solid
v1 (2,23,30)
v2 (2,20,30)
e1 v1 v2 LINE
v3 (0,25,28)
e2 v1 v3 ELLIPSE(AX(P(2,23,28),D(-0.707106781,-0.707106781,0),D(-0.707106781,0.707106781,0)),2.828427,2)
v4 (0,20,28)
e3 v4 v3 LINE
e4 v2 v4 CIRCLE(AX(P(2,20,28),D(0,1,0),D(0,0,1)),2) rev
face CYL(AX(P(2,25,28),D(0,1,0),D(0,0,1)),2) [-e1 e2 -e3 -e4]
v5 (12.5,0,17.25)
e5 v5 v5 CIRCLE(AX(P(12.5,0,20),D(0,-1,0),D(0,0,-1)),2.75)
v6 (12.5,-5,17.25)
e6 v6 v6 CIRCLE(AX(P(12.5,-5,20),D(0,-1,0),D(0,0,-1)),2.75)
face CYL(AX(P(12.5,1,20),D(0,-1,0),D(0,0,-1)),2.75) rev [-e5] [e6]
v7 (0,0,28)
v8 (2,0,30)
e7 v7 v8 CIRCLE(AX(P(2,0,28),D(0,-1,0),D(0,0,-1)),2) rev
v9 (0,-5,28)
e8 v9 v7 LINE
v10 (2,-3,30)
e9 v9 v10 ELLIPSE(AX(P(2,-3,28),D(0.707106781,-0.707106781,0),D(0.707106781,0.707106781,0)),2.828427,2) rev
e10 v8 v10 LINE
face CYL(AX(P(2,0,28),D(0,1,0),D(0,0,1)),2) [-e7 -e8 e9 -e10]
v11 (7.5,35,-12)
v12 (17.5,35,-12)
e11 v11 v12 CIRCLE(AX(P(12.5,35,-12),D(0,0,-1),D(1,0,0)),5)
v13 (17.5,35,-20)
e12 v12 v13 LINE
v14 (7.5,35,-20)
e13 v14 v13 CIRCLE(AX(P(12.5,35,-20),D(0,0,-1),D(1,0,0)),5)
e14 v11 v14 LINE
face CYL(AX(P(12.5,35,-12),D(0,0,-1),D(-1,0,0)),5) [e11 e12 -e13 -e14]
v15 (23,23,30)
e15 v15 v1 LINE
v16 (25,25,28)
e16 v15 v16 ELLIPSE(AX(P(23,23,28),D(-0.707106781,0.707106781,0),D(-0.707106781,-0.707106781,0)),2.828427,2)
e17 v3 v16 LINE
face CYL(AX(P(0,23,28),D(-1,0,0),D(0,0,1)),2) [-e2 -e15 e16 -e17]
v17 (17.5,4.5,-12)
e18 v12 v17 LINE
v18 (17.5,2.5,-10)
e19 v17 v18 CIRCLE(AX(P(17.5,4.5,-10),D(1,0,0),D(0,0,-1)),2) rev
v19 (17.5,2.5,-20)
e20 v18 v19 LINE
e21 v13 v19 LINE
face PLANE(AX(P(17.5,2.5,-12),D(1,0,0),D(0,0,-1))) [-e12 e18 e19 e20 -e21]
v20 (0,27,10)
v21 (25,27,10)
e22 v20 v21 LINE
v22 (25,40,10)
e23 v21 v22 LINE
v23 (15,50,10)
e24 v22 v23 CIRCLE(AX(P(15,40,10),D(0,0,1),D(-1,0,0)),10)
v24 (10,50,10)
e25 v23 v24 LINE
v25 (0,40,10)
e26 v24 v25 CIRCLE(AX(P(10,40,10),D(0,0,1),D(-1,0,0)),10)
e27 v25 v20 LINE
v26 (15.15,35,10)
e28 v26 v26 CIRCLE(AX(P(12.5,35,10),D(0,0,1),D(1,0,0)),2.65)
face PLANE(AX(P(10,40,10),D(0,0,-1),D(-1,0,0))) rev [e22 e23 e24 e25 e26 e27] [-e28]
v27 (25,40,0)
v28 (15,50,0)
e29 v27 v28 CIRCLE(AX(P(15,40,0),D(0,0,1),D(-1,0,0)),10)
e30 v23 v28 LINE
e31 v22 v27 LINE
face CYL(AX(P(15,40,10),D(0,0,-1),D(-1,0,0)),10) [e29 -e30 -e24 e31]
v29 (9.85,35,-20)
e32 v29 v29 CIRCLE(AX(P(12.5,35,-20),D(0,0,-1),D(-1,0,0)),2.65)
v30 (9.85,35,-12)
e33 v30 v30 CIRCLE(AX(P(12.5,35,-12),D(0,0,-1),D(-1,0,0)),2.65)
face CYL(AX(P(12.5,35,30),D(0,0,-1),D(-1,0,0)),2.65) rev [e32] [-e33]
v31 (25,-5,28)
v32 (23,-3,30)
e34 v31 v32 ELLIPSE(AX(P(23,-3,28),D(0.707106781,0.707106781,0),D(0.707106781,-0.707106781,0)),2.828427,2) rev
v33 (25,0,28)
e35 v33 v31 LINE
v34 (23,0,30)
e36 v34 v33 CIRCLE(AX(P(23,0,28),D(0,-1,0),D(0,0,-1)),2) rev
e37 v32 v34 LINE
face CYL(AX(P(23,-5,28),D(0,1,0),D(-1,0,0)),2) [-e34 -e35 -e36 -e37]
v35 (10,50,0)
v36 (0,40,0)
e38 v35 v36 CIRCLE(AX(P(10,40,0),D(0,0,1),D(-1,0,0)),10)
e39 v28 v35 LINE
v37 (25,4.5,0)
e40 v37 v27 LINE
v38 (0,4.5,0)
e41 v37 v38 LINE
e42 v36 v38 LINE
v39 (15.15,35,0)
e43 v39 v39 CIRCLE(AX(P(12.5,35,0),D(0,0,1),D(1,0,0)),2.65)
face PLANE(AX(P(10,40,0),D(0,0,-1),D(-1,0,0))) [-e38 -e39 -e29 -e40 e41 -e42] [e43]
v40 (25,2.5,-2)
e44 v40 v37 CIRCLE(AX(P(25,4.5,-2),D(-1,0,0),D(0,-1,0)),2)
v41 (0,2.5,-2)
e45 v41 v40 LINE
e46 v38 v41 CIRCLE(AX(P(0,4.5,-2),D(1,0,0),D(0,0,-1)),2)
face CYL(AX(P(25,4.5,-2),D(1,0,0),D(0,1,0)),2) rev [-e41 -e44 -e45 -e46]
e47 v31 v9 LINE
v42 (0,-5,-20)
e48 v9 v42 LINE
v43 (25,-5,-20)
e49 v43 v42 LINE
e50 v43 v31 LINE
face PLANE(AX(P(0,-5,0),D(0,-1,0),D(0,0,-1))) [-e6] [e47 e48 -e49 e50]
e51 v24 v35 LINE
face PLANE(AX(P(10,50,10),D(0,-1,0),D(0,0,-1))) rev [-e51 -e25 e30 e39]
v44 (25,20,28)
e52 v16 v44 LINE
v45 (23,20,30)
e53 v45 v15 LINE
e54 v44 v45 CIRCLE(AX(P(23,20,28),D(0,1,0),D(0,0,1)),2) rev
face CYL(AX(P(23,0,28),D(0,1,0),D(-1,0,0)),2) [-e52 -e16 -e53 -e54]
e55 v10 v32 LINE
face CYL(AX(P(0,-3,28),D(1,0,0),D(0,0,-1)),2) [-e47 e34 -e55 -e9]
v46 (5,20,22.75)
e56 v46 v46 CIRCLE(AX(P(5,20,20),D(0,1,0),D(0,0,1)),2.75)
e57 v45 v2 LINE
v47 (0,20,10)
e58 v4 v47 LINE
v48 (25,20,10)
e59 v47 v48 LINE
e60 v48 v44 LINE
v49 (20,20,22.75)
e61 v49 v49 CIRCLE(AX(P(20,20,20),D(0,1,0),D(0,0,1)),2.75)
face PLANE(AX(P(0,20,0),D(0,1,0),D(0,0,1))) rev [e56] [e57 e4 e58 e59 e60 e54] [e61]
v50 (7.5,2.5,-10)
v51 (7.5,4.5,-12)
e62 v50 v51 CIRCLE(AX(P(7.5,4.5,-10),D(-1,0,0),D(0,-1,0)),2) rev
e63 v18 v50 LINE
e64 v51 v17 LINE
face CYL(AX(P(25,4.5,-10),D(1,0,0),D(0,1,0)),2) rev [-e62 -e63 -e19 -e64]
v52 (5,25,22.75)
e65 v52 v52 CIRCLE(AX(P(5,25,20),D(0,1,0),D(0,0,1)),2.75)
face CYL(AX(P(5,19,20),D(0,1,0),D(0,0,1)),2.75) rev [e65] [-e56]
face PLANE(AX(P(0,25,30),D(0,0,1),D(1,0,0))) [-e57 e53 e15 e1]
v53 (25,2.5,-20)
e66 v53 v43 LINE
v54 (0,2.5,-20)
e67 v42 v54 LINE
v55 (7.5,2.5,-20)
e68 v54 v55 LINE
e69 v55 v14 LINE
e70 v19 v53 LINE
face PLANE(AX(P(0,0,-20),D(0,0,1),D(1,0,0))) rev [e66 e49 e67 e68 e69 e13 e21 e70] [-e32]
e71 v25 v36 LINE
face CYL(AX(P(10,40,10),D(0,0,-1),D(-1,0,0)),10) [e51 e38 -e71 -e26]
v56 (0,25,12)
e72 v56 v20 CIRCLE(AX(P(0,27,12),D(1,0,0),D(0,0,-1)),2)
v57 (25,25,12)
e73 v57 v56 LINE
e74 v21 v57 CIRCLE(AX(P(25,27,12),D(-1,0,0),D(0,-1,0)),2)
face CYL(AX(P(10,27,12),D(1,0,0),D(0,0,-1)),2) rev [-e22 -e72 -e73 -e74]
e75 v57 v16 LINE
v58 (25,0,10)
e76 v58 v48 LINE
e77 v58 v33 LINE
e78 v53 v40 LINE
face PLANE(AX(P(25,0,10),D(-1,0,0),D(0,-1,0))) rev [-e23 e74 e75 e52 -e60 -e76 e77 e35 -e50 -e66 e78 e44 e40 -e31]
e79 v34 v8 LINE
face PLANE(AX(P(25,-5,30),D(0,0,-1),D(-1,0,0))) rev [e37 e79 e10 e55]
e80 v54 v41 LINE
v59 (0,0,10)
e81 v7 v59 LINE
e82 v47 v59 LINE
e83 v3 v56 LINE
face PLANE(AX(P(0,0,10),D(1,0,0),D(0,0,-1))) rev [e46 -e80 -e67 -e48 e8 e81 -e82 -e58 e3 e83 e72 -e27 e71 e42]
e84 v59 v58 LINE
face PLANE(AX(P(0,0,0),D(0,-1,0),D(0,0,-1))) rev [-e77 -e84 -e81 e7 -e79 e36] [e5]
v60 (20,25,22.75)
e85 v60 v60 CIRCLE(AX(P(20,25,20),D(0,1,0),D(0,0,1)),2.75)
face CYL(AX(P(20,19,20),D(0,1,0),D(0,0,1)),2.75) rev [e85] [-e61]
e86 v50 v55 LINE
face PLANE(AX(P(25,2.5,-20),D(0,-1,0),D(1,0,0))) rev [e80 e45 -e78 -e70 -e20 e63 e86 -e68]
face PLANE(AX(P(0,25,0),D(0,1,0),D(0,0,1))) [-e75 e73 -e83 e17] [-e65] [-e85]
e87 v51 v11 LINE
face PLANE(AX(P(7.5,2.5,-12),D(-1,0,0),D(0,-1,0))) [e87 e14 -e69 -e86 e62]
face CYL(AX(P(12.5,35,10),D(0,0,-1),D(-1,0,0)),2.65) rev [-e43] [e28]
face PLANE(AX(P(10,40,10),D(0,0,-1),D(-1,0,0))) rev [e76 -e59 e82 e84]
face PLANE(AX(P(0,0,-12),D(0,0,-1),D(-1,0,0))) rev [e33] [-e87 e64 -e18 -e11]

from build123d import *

# Parameters (mm, degrees)
SKETCH1_R           = 2.65
BOSS_EXTRUDE1_DEPTH = 10
BOSS_EXTRUDE2_START = -20
SKETCH2_W           = 25
SKETCH2_H           = 20
BOSS_EXTRUDE2_DEPTH = 5
BOSS_EXTRUDE3_DEPTH = 5
SKETCH4_W           = 25
SKETCH4_H           = 7.5
BOSS_EXTRUDE4_DEPTH = 20
SKETCH5_W           = 10
SKETCH5_H           = 20
BOSS_EXTRUDE5_DEPTH = 8
FILLET2_R           = 2
SKETCH6_R           = 2.75
CUT_EXTRUDE1_DEPTH  = 6
SKETCH7_R           = 2.75
CUT_EXTRUDE2_DEPTH  = 6
BOSS_EXTRUDE6_START = -8
BOSS_EXTRUDE6_DEPTH = 8
SKETCH9_R           = 2.65
CUT_EXTRUDE3_DEPTH  = 50
FILLET4_R           = 2
FILLET6_R           = 2


with BuildPart() as part:
    # Sketch1 → Boss-Extrude1 (new body)
    with BuildSketch(Plane.XY):
        with BuildLine():
            Line((0, 0), (25, 0))
            Line((25, 0), (25, 40))
            ThreePointArc((25, 40), (22.071067812, 47.071067812), (15, 50))
            Line((15, 50), (10, 50))
            ThreePointArc((10, 50), (2.928932188, 47.071067812), (0, 40))
            Line((0, 40), (0, 0))
        make_face()
        with Locations((12.5, 35)):
            Circle(SKETCH1_R, mode=Mode.SUBTRACT)
    extrude(amount=BOSS_EXTRUDE1_DEPTH)

    # Sketch2 → Boss-Extrude2 (add)
    with BuildSketch(Plane.XZ.offset(BOSS_EXTRUDE2_START)):
        with Locations((12.5, 20)):
            Rectangle(SKETCH2_W, SKETCH2_H)
    extrude(amount=-BOSS_EXTRUDE2_DEPTH)

    # Sketch3 → Boss-Extrude3 (add)
    with BuildSketch(Plane.XZ):
        Polygon((0, 0), (25, 0), (25, 10), (25, 30), (0, 30), (0, 10), align=None)
    extrude(amount=BOSS_EXTRUDE3_DEPTH)

    # Sketch4 → Boss-Extrude4 (add)
    with BuildSketch(Plane(origin=(0, 0, 0), x_dir=(-1, 0, 0), z_dir=(0, 0, -1))):
        with Locations((-12.5, -1.25)):
            Rectangle(SKETCH4_W, SKETCH4_H)
    extrude(amount=BOSS_EXTRUDE4_DEPTH)

    # Sketch5 → Boss-Extrude5 (add)
    with BuildSketch(Plane(origin=(0, 0, -20), x_dir=(-1, 0, 0), z_dir=(0, 0, -1))):
        with Locations((-12.5, 12.5)):
            Rectangle(SKETCH5_W, SKETCH5_H)
    extrude(amount=-BOSS_EXTRUDE5_DEPTH)

    # Fillet2
    fillet2_edges = [part.edges().sort_by_distance(p)[0] for p in [
        (12.5, 2.5, 0),
        (12.5, 2.5, -12),
    ]]
    fillet(fillet2_edges, radius=FILLET2_R)

    # Sketch6 → Cut-Extrude1 (cut)
    with BuildSketch(Plane(origin=(0, 25, 0), x_dir=(1, 0, 0), z_dir=(0, 1, 0))):
        with Locations((5, -20)):
            Circle(SKETCH6_R)
        with Locations((20, -20)):
            Circle(SKETCH6_R)
    extrude(amount=-CUT_EXTRUDE1_DEPTH, mode=Mode.SUBTRACT)

    # Sketch7 → Cut-Extrude2 (cut)
    with BuildSketch(Plane.XZ.offset(5)):
        with Locations((12.5, 20)):
            Circle(SKETCH7_R)
    extrude(amount=-CUT_EXTRUDE2_DEPTH, mode=Mode.SUBTRACT)

    # Sketch8 → Boss-Extrude6 (add)
    with BuildSketch(Plane(origin=(0, 0, -20), x_dir=(-1, 0, 0), z_dir=(0, 0, -1)).offset(BOSS_EXTRUDE6_START)):
        with BuildLine():
            Line((-17.5, 22.5), (-17.5, 35))
            ThreePointArc((-17.5, 35), (-12.5, 40), (-7.5, 35))
            Line((-7.5, 35), (-7.5, 22.5))
            Line((-7.5, 22.5), (-17.5, 22.5))
        make_face()
    extrude(amount=BOSS_EXTRUDE6_DEPTH)

    # Sketch9 → Cut-Extrude3 (cut)
    with BuildSketch(Plane(origin=(0, 0, -20), x_dir=(-1, 0, 0), z_dir=(0, 0, -1))):
        with Locations((-12.5, 35)):
            Circle(SKETCH9_R)
    extrude(amount=-CUT_EXTRUDE3_DEPTH, mode=Mode.SUBTRACT)

    # Fillet4
    fillet4_edges = [part.edges().sort_by_distance(p)[0] for p in [
        (12.5, 25, 10),
    ]]
    fillet(fillet4_edges, radius=FILLET4_R)

    # Fillet6
    fillet6_edges = [part.edges().sort_by_distance(p)[0] for p in [
        (12.5, 25, 30),
        (0, 22.5, 30),
        (25, 22.5, 30),
        (25, -2.5, 30),
        (0, -2.5, 30),
        (12.5, -5, 30),
    ]]
    fillet(fillet6_edges, radius=FILLET6_R)


solid = part.part
